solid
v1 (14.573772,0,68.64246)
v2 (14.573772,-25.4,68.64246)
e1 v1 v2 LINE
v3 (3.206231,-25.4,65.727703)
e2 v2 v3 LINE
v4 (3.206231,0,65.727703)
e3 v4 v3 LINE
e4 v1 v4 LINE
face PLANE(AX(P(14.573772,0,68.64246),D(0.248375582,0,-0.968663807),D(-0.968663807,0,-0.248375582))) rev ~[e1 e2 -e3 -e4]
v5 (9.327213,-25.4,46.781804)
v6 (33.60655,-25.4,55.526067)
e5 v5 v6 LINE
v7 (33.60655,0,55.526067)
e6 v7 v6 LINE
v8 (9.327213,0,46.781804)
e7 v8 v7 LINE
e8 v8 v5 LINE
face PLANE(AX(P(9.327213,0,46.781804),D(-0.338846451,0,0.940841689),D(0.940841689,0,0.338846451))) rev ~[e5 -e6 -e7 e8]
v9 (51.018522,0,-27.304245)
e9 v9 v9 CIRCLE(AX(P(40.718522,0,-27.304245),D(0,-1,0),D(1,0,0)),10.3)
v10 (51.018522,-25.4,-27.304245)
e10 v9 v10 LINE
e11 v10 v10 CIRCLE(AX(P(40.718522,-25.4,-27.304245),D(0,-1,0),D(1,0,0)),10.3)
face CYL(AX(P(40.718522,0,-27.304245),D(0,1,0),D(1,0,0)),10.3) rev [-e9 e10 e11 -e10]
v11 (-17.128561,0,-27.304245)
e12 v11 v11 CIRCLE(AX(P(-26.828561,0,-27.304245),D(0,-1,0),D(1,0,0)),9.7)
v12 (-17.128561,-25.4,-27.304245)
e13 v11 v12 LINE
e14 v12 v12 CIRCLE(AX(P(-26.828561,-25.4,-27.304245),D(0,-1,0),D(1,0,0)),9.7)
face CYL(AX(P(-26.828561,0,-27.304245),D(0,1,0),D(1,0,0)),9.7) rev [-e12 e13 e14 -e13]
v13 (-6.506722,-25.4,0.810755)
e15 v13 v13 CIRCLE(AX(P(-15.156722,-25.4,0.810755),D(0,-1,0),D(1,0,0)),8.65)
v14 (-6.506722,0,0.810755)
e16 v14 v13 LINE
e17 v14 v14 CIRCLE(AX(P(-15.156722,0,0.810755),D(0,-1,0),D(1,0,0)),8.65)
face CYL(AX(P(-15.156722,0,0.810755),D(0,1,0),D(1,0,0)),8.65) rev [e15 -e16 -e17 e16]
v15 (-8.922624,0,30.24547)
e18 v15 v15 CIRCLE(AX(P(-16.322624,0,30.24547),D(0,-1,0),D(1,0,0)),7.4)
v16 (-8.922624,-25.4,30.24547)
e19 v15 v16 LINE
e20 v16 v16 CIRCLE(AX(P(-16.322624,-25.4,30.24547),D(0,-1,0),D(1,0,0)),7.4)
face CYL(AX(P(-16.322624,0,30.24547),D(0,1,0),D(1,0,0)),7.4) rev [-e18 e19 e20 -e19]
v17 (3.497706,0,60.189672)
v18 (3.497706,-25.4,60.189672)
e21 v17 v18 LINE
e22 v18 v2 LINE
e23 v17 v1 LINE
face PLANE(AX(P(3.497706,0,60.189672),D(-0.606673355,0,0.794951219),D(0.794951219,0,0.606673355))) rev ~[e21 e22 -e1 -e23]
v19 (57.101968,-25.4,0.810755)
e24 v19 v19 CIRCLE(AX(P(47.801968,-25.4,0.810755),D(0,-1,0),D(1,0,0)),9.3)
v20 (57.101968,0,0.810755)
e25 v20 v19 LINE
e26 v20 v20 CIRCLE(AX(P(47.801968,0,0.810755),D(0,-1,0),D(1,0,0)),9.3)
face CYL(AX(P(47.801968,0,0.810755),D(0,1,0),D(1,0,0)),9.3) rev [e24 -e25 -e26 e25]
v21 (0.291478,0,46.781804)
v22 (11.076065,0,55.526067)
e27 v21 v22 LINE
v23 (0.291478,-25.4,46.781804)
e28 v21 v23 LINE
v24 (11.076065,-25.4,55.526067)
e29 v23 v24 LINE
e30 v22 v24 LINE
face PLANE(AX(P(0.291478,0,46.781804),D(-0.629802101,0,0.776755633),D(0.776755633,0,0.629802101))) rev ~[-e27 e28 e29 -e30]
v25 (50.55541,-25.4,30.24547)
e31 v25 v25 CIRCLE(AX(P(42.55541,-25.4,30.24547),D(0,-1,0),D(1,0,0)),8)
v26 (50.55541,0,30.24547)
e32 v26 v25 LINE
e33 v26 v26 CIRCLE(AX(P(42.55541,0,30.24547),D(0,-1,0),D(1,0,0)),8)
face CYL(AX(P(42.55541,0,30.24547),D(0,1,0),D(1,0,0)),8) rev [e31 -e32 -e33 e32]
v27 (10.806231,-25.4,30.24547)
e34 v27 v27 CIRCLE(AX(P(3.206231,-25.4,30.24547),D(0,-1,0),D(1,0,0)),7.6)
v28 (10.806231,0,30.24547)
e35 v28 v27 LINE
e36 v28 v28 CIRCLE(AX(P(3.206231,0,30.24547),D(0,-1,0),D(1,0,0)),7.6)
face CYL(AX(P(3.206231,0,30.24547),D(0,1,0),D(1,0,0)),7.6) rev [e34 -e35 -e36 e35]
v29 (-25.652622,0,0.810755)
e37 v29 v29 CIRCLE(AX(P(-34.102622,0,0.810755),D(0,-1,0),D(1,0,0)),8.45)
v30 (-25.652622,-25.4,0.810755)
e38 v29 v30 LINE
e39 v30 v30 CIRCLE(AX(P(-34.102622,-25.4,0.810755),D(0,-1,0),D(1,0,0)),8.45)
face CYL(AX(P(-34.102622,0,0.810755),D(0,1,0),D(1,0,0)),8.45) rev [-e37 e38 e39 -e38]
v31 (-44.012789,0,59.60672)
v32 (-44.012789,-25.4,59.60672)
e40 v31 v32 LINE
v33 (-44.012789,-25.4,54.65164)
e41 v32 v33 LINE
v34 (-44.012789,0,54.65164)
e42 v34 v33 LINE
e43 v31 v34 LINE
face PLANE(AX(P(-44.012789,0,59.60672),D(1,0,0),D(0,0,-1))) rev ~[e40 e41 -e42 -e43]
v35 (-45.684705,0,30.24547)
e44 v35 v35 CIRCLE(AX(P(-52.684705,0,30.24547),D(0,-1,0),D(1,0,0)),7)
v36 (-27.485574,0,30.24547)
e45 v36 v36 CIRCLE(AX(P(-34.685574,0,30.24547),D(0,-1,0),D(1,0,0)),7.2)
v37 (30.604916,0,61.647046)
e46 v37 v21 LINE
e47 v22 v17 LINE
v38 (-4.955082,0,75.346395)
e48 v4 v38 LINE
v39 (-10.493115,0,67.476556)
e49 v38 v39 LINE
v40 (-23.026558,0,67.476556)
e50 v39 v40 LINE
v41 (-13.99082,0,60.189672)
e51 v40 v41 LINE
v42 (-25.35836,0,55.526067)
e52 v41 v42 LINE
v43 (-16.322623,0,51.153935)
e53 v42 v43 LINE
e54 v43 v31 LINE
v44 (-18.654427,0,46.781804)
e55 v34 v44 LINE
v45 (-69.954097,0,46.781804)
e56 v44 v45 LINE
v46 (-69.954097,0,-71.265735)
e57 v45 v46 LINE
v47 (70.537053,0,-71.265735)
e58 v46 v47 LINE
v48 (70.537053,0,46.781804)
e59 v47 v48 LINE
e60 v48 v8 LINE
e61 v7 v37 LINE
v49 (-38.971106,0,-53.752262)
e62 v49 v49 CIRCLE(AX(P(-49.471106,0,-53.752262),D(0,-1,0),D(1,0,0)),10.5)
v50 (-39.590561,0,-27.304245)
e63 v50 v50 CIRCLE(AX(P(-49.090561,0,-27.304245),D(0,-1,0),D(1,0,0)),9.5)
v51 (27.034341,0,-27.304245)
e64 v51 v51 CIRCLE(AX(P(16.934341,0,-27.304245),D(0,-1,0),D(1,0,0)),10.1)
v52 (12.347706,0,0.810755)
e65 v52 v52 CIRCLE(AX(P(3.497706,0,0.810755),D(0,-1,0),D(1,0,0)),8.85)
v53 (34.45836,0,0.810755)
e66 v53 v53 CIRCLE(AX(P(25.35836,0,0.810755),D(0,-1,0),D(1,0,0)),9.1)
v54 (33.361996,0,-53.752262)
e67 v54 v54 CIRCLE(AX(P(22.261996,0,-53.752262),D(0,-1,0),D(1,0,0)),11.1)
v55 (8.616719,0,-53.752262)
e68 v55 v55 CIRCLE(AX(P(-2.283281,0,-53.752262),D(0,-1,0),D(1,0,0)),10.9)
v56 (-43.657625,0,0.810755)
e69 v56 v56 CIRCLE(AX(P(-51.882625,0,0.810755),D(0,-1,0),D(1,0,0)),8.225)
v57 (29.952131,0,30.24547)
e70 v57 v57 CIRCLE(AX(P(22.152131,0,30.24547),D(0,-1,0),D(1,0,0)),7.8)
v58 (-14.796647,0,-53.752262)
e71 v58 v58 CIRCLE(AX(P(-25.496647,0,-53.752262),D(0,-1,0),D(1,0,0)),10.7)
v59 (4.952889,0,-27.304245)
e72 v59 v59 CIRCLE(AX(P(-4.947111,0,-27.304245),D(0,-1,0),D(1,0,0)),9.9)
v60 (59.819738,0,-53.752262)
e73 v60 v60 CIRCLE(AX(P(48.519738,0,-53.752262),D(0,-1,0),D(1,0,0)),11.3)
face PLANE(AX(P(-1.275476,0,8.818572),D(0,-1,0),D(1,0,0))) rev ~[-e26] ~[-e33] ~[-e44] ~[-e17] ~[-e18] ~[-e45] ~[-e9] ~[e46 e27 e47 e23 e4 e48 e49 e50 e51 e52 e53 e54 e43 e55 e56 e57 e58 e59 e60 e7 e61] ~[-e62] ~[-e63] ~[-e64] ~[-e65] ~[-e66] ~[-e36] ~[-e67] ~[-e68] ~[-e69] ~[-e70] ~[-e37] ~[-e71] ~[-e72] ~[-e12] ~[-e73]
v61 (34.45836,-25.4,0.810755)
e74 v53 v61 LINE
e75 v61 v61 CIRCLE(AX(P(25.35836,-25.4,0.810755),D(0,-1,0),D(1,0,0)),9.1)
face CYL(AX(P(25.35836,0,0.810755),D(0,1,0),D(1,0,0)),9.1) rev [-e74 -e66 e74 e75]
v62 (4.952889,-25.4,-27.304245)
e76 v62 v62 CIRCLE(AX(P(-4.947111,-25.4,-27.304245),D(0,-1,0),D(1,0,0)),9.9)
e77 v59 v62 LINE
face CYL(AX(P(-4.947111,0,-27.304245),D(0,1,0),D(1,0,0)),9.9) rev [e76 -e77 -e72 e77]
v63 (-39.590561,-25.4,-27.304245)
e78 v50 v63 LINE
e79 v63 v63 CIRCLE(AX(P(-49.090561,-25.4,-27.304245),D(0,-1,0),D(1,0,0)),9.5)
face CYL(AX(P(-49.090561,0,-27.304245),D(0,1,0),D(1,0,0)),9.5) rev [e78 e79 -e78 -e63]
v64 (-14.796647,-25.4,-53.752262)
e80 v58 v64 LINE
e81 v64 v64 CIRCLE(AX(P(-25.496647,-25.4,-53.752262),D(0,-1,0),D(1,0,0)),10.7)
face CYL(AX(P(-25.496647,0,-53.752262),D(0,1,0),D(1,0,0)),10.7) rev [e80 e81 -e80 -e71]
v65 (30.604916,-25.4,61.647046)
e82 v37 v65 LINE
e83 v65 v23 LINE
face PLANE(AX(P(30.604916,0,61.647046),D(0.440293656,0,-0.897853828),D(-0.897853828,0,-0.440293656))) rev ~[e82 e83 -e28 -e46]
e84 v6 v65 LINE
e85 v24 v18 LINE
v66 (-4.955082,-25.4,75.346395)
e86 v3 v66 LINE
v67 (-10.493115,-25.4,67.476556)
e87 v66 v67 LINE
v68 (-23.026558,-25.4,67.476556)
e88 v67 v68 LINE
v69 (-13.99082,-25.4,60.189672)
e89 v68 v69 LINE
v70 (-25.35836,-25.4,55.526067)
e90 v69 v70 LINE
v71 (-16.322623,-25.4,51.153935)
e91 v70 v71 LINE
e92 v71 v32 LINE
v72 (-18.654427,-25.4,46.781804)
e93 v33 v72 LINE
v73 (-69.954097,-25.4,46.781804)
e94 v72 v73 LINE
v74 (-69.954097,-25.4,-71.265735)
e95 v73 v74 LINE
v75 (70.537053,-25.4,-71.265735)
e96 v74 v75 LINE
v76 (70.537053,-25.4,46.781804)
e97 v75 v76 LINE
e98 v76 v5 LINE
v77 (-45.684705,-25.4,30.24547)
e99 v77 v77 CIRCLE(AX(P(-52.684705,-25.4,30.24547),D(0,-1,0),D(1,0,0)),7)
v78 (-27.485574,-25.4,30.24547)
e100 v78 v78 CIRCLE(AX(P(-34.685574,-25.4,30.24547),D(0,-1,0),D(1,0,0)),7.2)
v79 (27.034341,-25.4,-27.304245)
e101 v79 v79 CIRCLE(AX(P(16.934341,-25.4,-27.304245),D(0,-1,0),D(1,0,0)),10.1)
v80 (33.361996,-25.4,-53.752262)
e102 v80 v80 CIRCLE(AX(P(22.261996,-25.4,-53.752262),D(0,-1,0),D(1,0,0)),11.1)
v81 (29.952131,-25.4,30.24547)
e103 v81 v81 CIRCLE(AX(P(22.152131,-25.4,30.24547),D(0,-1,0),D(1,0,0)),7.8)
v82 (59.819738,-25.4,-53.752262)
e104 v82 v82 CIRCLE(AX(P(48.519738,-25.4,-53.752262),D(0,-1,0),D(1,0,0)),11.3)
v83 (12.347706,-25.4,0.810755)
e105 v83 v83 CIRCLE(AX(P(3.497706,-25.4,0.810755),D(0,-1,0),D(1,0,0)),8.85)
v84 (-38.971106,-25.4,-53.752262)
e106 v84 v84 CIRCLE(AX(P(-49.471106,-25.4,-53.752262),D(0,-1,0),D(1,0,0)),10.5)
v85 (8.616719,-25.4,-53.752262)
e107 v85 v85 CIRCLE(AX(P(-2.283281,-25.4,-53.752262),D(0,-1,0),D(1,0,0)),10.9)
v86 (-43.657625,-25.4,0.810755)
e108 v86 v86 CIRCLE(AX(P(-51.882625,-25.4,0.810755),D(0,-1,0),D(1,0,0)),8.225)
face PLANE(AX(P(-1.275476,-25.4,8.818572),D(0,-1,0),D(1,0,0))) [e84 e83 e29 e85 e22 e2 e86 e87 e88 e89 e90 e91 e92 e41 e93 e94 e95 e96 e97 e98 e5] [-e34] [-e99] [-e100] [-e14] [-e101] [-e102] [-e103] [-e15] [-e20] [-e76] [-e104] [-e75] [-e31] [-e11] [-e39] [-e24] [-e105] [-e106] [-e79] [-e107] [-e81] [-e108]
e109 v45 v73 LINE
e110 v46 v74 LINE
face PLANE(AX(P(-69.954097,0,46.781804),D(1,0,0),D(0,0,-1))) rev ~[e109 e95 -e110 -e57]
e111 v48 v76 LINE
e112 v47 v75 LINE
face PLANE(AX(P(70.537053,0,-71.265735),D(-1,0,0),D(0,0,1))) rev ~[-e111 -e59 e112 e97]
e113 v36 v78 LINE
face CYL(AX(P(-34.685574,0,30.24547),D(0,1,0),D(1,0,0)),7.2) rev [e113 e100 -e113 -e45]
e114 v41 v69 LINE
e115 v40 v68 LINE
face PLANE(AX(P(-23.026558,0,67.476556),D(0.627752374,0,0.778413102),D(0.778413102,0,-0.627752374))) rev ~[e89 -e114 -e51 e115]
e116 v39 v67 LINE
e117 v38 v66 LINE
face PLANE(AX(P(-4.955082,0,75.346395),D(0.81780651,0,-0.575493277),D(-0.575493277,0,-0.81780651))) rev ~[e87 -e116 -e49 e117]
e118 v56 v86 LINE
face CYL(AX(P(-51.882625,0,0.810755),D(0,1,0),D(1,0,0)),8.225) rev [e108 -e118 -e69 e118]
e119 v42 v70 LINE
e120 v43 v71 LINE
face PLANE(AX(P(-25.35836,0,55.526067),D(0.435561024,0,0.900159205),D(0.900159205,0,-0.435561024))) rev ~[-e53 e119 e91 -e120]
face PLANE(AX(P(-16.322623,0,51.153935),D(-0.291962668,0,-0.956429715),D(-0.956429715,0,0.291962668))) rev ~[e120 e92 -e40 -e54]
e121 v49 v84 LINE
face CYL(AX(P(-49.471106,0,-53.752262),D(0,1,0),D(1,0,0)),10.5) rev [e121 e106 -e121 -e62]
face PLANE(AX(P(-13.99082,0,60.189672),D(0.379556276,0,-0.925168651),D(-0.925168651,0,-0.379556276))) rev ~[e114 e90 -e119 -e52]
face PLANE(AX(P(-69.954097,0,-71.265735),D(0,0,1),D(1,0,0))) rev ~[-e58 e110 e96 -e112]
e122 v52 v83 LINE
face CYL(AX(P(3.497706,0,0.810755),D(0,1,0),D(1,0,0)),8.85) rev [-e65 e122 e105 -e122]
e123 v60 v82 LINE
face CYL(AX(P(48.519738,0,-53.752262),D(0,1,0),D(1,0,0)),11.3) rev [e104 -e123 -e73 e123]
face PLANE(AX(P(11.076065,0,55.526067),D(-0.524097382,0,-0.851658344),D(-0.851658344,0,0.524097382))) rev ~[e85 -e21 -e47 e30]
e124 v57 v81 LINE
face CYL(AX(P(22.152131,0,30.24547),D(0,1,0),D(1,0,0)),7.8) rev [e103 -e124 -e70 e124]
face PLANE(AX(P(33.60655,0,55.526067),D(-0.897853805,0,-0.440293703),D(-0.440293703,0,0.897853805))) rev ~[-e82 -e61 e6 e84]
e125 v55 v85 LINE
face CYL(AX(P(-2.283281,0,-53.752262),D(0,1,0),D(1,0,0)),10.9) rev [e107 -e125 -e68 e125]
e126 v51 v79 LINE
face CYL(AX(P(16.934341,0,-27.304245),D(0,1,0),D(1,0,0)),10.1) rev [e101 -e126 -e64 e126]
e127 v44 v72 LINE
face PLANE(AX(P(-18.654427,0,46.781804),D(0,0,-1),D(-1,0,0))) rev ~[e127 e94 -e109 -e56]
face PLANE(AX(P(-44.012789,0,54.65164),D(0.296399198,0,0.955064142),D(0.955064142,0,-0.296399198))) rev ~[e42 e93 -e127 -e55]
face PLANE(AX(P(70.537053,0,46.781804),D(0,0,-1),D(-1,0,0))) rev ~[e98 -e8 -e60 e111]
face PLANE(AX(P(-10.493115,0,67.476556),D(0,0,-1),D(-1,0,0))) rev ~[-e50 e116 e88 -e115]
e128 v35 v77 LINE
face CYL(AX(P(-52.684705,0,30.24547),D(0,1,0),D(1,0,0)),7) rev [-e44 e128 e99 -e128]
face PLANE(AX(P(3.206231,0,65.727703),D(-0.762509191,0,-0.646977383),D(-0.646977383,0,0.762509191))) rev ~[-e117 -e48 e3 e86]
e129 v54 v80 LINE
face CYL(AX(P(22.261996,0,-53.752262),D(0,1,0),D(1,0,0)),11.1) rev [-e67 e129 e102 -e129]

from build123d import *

# Parameters (mm, degrees)
F0_R     = 10.5
F0_R_2   = 10.7
F0_R_3   = 10.9
F0_R_4   = 9.5
F0_R_5   = 8.225
F0_R_6   = 9.7
F0_R_7   = 9.9
F0_R_8   = 8.45
F0_R_9   = 8.65
F0_R_10  = 11.1
F0_R_11  = 11.3
F0_R_12  = 10.1
F0_R_13  = 8.85
F0_R_14  = 9.1
F0_R_15  = 10.3
F0_R_16  = 9.3
F0_R_17  = 7
F0_R_18  = 7.2
F0_R_19  = 7.4
F0_R_20  = 7.6
F0_R_21  = 7.8
F0_R_22  = 8
F1_DEPTH = 25.4


with BuildPart() as f1:
    # F0 (on Front) → F1 (new body)
    with BuildSketch(Plane.XZ):
        Polygon((-18.654427, 46.781804), (-69.954097, 46.781804), (-69.954097, -71.265735), (70.537053, -71.265735), (70.537053, 46.781804), (9.327213, 46.781804), (33.60655, 55.526067), (30.604916, 61.647046), (0.291478, 46.781804), (11.076065, 55.526067), (3.497706, 60.189672), (14.573772, 68.64246), (3.206231, 65.727703), (-4.955082, 75.346395), (-10.493115, 67.476556), (-23.026558, 67.476556), (-13.99082, 60.189672), (-25.35836, 55.526067), (-16.322623, 51.153935), (-44.012789, 59.60672), (-44.012789, 54.65164), align=None)
        with Locations((-49.471106, -53.752262)):
            Circle(F0_R, mode=Mode.SUBTRACT)
        with Locations((-25.496647, -53.752262)):
            Circle(F0_R_2, mode=Mode.SUBTRACT)
        with Locations((-2.283281, -53.752262)):
            Circle(F0_R_3, mode=Mode.SUBTRACT)
        with Locations((-49.090561, -27.304245)):
            Circle(F0_R_4, mode=Mode.SUBTRACT)
        with Locations((-51.882625, 0.810755)):
            Circle(F0_R_5, mode=Mode.SUBTRACT)
        with Locations((-26.828561, -27.304245)):
            Circle(F0_R_6, mode=Mode.SUBTRACT)
        with Locations((-4.947111, -27.304245)):
            Circle(F0_R_7, mode=Mode.SUBTRACT)
        with Locations((-34.102622, 0.810755)):
            Circle(F0_R_8, mode=Mode.SUBTRACT)
        with Locations((-15.156722, 0.810755)):
            Circle(F0_R_9, mode=Mode.SUBTRACT)
        with Locations((22.261996, -53.752262)):
            Circle(F0_R_10, mode=Mode.SUBTRACT)
        with Locations((48.519738, -53.752262)):
            Circle(F0_R_11, mode=Mode.SUBTRACT)
        with Locations((16.934341, -27.304245)):
            Circle(F0_R_12, mode=Mode.SUBTRACT)
        with Locations((3.497706, 0.810755)):
            Circle(F0_R_13, mode=Mode.SUBTRACT)
        with Locations((25.35836, 0.810755)):
            Circle(F0_R_14, mode=Mode.SUBTRACT)
        with Locations((40.718522, -27.304245)):
            Circle(F0_R_15, mode=Mode.SUBTRACT)
        with Locations((47.801968, 0.810755)):
            Circle(F0_R_16, mode=Mode.SUBTRACT)
        with Locations((-52.684705, 30.24547)):
            Circle(F0_R_17, mode=Mode.SUBTRACT)
        with Locations((-34.685574, 30.24547)):
            Circle(F0_R_18, mode=Mode.SUBTRACT)
        with Locations((-16.322624, 30.24547)):
            Circle(F0_R_19, mode=Mode.SUBTRACT)
        with Locations((3.206231, 30.24547)):
            Circle(F0_R_20, mode=Mode.SUBTRACT)
        with Locations((22.152131, 30.24547)):
            Circle(F0_R_21, mode=Mode.SUBTRACT)
        with Locations((42.55541, 30.24547)):
            Circle(F0_R_22, mode=Mode.SUBTRACT)
    extrude(amount=F1_DEPTH)


solid = f1.part
